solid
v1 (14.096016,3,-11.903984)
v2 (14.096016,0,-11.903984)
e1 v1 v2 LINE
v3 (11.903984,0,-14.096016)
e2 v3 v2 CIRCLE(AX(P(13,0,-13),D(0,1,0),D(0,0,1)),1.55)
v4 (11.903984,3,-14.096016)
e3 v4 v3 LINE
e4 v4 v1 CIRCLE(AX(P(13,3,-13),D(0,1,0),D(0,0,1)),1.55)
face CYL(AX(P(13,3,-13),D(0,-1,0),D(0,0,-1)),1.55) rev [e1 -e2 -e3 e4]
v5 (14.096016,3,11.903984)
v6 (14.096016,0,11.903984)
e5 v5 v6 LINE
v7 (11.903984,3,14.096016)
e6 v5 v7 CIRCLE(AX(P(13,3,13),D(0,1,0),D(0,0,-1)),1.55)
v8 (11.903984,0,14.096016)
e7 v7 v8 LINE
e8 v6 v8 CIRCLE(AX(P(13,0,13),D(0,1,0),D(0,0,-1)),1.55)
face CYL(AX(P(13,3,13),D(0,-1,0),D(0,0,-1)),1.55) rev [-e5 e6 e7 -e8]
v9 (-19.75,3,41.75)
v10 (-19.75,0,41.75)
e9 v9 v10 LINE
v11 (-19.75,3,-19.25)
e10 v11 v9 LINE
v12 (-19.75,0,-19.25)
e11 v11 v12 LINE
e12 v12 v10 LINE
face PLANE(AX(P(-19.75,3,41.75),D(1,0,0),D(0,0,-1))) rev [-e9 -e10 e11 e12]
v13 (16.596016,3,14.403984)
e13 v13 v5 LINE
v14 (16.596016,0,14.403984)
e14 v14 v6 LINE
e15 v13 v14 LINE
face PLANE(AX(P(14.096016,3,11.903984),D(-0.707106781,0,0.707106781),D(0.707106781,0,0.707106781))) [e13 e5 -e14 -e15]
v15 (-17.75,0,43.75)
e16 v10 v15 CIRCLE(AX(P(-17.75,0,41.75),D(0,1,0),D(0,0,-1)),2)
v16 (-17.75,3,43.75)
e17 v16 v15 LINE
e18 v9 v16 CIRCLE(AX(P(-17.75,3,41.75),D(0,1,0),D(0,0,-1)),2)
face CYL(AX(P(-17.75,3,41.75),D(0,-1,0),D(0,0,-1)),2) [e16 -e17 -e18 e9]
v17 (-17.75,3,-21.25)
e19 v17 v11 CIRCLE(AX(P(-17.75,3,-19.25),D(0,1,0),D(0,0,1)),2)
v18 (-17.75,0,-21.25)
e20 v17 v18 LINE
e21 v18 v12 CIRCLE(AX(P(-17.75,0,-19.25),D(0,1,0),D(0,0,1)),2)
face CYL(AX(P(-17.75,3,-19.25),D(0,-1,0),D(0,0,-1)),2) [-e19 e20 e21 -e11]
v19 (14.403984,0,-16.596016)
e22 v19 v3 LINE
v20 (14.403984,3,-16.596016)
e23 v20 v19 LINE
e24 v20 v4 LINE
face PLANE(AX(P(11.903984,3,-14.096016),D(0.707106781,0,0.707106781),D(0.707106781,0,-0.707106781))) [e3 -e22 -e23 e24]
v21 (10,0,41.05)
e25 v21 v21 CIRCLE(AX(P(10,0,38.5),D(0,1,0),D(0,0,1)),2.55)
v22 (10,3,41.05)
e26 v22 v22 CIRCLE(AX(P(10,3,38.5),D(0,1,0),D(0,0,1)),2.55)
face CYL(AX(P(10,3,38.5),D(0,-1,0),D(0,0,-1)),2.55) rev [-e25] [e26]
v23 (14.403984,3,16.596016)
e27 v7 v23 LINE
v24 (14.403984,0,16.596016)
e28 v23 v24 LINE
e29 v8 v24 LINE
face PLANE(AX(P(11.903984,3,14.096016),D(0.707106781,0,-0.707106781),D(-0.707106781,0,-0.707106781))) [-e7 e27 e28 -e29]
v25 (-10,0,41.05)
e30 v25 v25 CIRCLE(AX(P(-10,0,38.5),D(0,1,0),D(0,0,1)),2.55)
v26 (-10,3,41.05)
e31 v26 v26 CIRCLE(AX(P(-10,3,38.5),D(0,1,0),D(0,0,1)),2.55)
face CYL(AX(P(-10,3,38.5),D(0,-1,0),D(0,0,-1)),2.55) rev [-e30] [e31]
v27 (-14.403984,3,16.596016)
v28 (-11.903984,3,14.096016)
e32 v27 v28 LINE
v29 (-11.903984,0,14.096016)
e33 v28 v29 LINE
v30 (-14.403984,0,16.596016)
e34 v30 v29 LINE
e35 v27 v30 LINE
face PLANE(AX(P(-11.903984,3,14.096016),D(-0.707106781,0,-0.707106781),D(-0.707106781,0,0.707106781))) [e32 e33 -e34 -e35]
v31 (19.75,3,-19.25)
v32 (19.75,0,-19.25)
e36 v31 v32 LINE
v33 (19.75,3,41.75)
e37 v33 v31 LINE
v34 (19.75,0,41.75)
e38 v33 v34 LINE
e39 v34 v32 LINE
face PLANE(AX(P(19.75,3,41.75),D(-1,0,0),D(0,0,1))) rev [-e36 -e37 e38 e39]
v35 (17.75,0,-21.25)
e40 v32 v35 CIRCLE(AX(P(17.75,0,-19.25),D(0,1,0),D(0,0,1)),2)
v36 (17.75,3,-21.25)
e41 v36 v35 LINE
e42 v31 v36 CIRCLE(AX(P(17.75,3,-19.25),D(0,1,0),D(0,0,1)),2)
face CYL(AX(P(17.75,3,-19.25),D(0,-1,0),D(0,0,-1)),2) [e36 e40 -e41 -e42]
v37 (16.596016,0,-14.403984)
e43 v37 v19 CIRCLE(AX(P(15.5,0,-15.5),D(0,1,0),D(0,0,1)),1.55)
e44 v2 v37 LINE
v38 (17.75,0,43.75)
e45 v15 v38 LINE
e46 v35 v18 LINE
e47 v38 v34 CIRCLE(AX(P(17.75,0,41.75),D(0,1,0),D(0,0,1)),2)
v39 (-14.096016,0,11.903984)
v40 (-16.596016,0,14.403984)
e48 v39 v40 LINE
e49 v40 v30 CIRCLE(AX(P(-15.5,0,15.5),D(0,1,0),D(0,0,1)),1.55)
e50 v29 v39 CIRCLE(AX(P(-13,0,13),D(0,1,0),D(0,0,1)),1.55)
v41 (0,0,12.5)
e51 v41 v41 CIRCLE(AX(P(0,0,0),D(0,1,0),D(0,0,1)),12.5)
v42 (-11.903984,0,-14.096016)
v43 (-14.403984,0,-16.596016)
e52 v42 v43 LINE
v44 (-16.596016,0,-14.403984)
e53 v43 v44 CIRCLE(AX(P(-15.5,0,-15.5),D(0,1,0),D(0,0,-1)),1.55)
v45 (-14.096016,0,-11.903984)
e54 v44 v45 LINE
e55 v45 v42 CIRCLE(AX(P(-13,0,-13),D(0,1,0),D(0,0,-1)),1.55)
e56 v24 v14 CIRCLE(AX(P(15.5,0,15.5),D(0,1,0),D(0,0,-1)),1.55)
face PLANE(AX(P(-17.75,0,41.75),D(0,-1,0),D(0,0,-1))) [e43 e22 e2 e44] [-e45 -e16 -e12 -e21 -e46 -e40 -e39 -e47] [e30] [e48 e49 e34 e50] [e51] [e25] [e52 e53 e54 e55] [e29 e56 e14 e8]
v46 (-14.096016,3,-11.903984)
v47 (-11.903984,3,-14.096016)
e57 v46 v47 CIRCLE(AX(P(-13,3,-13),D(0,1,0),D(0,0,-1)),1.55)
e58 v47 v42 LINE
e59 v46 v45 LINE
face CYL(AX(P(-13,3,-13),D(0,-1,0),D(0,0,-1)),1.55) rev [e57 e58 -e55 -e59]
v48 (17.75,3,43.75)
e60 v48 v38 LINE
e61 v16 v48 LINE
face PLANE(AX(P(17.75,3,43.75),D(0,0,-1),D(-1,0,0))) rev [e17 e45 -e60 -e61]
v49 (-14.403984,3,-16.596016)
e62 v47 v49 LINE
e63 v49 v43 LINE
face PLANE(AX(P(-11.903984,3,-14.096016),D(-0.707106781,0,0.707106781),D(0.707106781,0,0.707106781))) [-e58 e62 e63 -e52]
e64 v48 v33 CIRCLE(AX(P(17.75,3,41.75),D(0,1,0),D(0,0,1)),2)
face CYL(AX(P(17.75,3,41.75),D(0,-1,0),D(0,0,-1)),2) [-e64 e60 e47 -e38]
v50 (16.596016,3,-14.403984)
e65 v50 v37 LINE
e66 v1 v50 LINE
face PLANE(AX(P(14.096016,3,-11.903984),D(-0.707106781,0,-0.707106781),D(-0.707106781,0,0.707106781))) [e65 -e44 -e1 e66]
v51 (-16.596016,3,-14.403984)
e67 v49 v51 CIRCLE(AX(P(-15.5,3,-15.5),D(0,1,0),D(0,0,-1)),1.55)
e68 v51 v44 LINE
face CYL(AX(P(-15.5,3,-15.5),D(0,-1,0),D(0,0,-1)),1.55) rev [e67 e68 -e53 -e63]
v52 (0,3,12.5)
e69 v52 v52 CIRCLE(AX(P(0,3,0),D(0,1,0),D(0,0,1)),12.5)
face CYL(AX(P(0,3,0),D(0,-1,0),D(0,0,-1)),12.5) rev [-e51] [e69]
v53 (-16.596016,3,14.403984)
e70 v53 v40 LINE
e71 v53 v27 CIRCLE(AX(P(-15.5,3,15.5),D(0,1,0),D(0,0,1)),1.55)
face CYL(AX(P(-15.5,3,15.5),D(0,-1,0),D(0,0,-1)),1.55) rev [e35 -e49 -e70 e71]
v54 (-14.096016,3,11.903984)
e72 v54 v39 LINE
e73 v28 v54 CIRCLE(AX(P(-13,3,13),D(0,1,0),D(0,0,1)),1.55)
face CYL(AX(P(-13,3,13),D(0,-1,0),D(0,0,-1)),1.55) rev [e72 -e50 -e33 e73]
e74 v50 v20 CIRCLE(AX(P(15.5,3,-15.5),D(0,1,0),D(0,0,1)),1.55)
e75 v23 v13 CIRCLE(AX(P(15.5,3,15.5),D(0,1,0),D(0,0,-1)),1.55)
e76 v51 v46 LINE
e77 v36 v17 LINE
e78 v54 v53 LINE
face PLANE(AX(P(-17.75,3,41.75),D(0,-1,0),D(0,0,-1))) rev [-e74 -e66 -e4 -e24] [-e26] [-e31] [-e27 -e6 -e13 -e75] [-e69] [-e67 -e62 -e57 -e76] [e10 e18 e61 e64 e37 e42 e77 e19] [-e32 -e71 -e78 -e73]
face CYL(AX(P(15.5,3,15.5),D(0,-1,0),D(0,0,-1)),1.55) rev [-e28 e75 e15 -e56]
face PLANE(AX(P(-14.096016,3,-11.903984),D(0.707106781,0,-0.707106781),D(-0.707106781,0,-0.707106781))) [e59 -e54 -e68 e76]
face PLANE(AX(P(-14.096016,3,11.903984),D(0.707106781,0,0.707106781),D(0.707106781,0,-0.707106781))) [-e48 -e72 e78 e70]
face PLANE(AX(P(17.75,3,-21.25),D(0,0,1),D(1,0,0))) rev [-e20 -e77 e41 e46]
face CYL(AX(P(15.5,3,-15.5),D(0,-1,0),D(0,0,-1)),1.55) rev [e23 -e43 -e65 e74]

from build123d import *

# Parameters (mm, degrees)
SKETCH1_R           = 12.5
SKETCH1_R_2         = 2.55
BOSS_EXTRUDE1_DEPTH = 3


with BuildPart() as part:
    # Sketch1 → Boss-Extrude1 (new body)
    with BuildSketch(Plane(origin=(0, 0, 0), x_dir=(1, 0, 0), z_dir=(0, 1, 0))):
        with BuildLine():
            Line((17.75, -43.75), (-17.75, -43.75))
            ThreePointArc((-17.75, -43.75), (-19.164213562, -43.164213562), (-19.75, -41.75))
            Line((-19.75, -41.75), (-19.75, 19.25))
            ThreePointArc((-19.75, 19.25), (-19.164213562, 20.664213562), (-17.75, 21.25))
            Line((-17.75, 21.25), (17.75, 21.25))
            ThreePointArc((17.75, 21.25), (19.164213562, 20.664213562), (19.75, 19.25))
            Line((19.75, 19.25), (19.75, -41.75))
            ThreePointArc((19.75, -41.75), (19.164213562, -43.164213562), (17.75, -43.75))
        make_face()
        with Locations(Location((0, 0, 0), (0, 0, 270))):
            Circle(SKETCH1_R, mode=Mode.SUBTRACT)
        with Locations(Location((10, -38.5, 0), (0, 0, 270))):
            Circle(SKETCH1_R_2, mode=Mode.SUBTRACT)
        with Locations(Location((-10, -38.5, 0), (0, 0, 270))):
            Circle(SKETCH1_R_2, mode=Mode.SUBTRACT)
        with BuildLine():
            Line((11.903984489, 14.096015511), (14.403984489, 16.596015511))
            ThreePointArc((14.403984489, 16.596015511), (16.596015511, 16.596015511), (16.596015511, 14.403984489))
            Line((16.596015511, 14.403984489), (14.096015511, 11.903984489))
            ThreePointArc((14.096015511, 11.903984489), (11.903984489, 11.903984489), (11.903984489, 14.096015511))
        make_face(mode=Mode.SUBTRACT)
        with BuildLine():
            Line((-11.903984489, 14.096015511), (-14.403984489, 16.596015511))
            ThreePointArc((-14.403984489, 16.596015511), (-16.596015511, 16.596015511), (-16.596015511, 14.403984489))
            Line((-16.596015511, 14.403984489), (-14.096015511, 11.903984489))
            ThreePointArc((-14.096015511, 11.903984489), (-11.903984489, 11.903984489), (-11.903984489, 14.096015511))
        make_face(mode=Mode.SUBTRACT)
        with BuildLine():
            Line((-11.903984489, -14.096015511), (-14.403984489, -16.596015511))
            ThreePointArc((-14.403984489, -16.596015511), (-16.596015511, -16.596015511), (-16.596015511, -14.403984489))
            Line((-16.596015511, -14.403984489), (-14.096015511, -11.903984489))
            ThreePointArc((-14.096015511, -11.903984489), (-11.903984489, -11.903984489), (-11.903984489, -14.096015511))
        make_face(mode=Mode.SUBTRACT)
        with BuildLine():
            Line((11.903984489, -14.096015511), (14.403984489, -16.596015511))
            ThreePointArc((14.403984489, -16.596015511), (16.596015511, -16.596015511), (16.596015511, -14.403984489))
            Line((16.596015511, -14.403984489), (14.096015511, -11.903984489))
            ThreePointArc((14.096015511, -11.903984489), (11.903984489, -11.903984489), (11.903984489, -14.096015511))
        make_face(mode=Mode.SUBTRACT)
    extrude(amount=BOSS_EXTRUDE1_DEPTH)


solid = part.part
